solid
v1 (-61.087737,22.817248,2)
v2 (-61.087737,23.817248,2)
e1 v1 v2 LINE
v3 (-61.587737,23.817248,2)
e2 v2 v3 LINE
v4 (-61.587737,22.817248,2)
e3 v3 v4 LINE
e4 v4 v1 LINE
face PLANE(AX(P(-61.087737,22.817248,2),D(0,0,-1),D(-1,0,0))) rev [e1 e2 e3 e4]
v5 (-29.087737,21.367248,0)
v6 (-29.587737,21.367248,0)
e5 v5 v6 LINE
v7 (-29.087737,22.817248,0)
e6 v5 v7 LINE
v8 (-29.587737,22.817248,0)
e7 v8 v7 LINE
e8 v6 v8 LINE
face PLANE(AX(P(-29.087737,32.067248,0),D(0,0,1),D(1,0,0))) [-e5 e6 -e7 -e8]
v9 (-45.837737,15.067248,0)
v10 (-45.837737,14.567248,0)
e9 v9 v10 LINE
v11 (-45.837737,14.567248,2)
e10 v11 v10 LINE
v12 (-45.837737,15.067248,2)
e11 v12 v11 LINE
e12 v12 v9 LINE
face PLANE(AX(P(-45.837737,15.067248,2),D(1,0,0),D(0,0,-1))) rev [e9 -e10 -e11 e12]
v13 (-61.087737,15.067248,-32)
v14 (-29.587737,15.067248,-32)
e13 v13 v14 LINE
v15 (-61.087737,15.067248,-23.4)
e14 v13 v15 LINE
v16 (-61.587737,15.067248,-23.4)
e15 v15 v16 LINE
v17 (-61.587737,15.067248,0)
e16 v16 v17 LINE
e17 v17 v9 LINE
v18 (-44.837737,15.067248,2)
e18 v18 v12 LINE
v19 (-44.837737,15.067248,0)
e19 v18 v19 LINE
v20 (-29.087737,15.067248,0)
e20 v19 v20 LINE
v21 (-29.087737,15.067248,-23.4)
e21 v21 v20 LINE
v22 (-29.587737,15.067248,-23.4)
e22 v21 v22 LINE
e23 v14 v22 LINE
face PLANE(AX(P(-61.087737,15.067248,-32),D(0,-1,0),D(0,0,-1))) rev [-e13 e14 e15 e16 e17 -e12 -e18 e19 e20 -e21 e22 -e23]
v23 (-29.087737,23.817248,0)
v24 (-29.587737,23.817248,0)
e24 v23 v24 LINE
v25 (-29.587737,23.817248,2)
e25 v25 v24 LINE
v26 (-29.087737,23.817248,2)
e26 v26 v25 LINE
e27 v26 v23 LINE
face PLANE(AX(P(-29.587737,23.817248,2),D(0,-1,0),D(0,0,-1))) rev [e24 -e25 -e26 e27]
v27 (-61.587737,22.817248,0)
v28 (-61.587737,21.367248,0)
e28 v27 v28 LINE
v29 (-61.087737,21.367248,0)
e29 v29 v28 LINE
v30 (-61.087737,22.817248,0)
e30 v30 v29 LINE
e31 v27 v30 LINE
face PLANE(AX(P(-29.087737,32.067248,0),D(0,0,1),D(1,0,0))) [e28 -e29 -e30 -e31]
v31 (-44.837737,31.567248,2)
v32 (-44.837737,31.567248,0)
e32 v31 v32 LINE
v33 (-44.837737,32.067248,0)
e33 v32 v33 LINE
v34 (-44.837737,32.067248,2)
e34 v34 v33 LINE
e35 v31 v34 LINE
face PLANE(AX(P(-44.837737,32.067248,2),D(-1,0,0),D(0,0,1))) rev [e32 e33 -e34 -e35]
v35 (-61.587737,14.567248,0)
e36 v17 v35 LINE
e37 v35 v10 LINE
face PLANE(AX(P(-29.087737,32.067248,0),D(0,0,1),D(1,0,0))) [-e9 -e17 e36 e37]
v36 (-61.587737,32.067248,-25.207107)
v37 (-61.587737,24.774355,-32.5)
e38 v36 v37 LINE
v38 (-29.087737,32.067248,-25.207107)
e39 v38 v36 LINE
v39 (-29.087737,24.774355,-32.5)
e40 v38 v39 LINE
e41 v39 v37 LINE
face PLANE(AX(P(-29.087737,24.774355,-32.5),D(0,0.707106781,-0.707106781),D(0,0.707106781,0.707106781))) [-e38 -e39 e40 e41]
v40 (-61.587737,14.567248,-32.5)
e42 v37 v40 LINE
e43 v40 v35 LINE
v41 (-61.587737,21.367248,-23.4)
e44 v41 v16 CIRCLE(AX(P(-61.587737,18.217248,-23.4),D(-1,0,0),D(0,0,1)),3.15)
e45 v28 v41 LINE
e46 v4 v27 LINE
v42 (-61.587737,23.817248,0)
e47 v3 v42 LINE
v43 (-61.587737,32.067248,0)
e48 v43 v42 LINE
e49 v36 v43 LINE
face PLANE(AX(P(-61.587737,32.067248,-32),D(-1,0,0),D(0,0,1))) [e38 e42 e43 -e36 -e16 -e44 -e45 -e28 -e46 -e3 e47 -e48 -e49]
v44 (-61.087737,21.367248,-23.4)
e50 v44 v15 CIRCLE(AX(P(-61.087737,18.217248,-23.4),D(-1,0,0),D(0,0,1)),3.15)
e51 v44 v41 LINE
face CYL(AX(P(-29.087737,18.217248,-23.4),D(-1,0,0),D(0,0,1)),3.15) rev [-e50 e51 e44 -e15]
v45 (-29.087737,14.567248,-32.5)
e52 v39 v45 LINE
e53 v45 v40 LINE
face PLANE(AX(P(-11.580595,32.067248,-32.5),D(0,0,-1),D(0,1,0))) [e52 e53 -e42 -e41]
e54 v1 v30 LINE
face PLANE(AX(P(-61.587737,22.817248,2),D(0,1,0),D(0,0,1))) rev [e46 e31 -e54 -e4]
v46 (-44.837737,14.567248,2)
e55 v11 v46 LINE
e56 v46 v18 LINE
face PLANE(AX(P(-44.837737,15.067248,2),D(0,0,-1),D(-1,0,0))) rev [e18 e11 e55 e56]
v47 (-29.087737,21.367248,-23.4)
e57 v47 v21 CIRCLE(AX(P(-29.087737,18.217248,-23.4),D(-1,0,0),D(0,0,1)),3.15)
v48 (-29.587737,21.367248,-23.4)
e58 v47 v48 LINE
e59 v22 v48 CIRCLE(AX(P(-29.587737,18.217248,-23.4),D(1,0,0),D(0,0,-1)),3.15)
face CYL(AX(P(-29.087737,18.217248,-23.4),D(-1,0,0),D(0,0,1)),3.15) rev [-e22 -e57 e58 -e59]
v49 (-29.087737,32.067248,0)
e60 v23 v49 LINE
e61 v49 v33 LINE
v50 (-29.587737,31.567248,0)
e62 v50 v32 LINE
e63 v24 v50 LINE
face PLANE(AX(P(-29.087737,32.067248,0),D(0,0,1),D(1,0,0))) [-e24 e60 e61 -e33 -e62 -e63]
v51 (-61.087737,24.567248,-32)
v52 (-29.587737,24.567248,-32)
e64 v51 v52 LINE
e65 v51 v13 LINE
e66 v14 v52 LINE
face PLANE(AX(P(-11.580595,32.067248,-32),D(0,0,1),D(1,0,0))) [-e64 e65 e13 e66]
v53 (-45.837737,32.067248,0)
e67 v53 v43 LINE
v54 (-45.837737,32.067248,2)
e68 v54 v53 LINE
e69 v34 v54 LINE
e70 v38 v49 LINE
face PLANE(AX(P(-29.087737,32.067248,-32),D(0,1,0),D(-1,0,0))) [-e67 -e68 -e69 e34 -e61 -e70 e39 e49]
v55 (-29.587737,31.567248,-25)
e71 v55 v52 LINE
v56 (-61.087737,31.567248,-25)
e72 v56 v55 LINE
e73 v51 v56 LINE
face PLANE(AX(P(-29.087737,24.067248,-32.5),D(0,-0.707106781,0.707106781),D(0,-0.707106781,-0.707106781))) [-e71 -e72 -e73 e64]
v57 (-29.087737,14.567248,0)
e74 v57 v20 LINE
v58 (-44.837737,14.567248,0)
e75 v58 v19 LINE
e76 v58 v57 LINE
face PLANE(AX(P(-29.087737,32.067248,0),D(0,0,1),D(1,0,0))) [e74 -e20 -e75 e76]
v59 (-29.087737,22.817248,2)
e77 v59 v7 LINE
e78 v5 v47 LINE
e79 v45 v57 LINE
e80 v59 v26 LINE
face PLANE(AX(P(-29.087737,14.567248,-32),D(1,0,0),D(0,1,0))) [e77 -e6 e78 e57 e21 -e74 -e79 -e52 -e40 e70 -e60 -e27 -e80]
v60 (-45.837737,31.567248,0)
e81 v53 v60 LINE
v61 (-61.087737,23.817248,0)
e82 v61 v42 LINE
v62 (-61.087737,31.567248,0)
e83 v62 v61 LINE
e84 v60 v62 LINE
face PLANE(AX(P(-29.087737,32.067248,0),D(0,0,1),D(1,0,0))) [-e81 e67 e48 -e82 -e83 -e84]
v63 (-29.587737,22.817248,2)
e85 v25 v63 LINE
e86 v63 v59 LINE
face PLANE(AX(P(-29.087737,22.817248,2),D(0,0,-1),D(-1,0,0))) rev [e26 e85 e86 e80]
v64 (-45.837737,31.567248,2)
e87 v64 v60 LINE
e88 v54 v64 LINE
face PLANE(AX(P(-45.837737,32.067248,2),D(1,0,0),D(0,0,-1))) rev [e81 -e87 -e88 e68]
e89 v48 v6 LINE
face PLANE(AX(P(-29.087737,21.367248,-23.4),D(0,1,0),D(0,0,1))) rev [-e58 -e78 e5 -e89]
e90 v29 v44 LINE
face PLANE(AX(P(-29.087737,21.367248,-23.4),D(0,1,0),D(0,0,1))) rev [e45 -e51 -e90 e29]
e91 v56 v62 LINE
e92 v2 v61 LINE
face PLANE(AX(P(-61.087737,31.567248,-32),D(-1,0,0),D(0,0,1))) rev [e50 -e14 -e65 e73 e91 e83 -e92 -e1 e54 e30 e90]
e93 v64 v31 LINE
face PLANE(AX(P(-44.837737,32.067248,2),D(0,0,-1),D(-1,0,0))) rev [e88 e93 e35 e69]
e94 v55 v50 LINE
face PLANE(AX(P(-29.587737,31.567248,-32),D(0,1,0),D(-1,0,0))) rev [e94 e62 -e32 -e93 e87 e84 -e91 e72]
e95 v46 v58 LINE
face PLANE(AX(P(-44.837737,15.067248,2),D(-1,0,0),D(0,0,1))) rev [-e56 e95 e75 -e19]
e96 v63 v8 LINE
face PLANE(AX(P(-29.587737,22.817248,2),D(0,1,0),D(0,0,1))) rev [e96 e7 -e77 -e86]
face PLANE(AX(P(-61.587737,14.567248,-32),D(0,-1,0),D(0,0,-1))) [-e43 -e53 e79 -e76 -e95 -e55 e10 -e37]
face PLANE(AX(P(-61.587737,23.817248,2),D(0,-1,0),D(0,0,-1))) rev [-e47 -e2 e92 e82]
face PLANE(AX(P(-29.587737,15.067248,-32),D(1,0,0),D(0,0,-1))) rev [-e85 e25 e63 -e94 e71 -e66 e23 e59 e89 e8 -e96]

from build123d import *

# Parameters (mm, degrees)
ESQUISSE1_W             = 32.5
ESQUISSE1_H             = 17.5
ESQUISSE1_W_2           = 31.5
ESQUISSE1_H_2           = 16.5
BASE_EXTRUSION_DEPTH    = 32
ESQUISSE3_W             = 0.5
ESQUISSE3_H             = 17.5
BOSS_EXTRU_1_DEPTH      = 32.5
ENL_V_MAT_EXTRU_1_DEPTH = 57.042915794
ESQUISSE5_W             = 1
ESQUISSE5_H             = 0.5
ESQUISSE5_W_2           = 0.5
ESQUISSE5_H_2           = 1
BOSS_EXTRU_2_DEPTH      = 2
ENL_V_MAT_EXTRU_2_DEPTH = 35.693670075
EXTRUSION2_DEPTH        = 32.5


with BuildPart() as part:
    # Esquisse1 → Base-Extrusion (new body)
    with BuildSketch(Plane.XY):
        with Locations((-45.33773679, 23.317248255)):
            Rectangle(ESQUISSE1_W, ESQUISSE1_H)
        with Locations((-45.33773679, 23.317248255)):
            Rectangle(ESQUISSE1_W_2, ESQUISSE1_H_2, mode=Mode.SUBTRACT)
    extrude(amount=-BASE_EXTRUSION_DEPTH)

    # Esquisse3 → Boss.-Extru.1 (add)
    with BuildSketch(Plane.ZY.offset(61.58773679)):
        with Locations((-32.25, 23.317248255)):
            Rectangle(ESQUISSE3_W, ESQUISSE3_H)
    extrude(amount=-BOSS_EXTRU_1_DEPTH)

    # Esquisse4 → Enlèv. mat.-Extru.1 (cut, through all)
    with BuildSketch(Plane.ZY.offset(61.58773679)):
        with BuildLine():
            Line((-23.4, 15.067248255), (0.817293984, 15.067248255))
            Line((0.817293984, 15.067248255), (0.817293984, 21.367248255))
            Line((0.817293984, 21.367248255), (-23.4, 21.367248255))
            ThreePointArc((-23.4, 21.367248255), (-26.55, 18.217248255), (-23.4, 15.067248255))
        make_face()
    extrude(amount=-ENL_V_MAT_EXTRU_1_DEPTH, mode=Mode.SUBTRACT)

    # Esquisse5 → Boss.-Extru.2 (add)
    with BuildSketch(Plane.XY):
        with Locations((-45.33773679, 14.817248255)):
            Rectangle(ESQUISSE5_W, ESQUISSE5_H)
        with Locations((-29.33773679, 23.317248255)):
            Rectangle(ESQUISSE5_W_2, ESQUISSE5_H_2)
        with Locations((-45.33773679, 31.817248255)):
            Rectangle(ESQUISSE5_W, ESQUISSE5_H)
        with Locations((-61.33773679, 23.317248255)):
            Rectangle(ESQUISSE5_W_2, ESQUISSE5_H_2)
    extrude(amount=BOSS_EXTRU_2_DEPTH)

    # Esquisse6 → Enlèv. mat.-Extru.2 (cut)
    with BuildSketch(Plane.ZY.offset(61.58773679)):
        Polygon((-41.526935662, 26.437225615), (-29.203507462, 38.760653816), (-23.505050951, 33.062197305), (-35.828479151, 20.738769104), align=None)
    extrude(amount=-ENL_V_MAT_EXTRU_2_DEPTH, mode=Mode.SUBTRACT)

    # Esquisse7 → Extrusion2 (add)
    with BuildSketch(Plane.ZY.offset(61.58773679)):
        Polygon((-32.5, 24.067248255), (-24.5, 32.067248255), (-25.207106781, 32.067248255), (-32.5, 24.774355036), align=None)
    extrude(amount=-EXTRUSION2_DEPTH)


solid = part.part
